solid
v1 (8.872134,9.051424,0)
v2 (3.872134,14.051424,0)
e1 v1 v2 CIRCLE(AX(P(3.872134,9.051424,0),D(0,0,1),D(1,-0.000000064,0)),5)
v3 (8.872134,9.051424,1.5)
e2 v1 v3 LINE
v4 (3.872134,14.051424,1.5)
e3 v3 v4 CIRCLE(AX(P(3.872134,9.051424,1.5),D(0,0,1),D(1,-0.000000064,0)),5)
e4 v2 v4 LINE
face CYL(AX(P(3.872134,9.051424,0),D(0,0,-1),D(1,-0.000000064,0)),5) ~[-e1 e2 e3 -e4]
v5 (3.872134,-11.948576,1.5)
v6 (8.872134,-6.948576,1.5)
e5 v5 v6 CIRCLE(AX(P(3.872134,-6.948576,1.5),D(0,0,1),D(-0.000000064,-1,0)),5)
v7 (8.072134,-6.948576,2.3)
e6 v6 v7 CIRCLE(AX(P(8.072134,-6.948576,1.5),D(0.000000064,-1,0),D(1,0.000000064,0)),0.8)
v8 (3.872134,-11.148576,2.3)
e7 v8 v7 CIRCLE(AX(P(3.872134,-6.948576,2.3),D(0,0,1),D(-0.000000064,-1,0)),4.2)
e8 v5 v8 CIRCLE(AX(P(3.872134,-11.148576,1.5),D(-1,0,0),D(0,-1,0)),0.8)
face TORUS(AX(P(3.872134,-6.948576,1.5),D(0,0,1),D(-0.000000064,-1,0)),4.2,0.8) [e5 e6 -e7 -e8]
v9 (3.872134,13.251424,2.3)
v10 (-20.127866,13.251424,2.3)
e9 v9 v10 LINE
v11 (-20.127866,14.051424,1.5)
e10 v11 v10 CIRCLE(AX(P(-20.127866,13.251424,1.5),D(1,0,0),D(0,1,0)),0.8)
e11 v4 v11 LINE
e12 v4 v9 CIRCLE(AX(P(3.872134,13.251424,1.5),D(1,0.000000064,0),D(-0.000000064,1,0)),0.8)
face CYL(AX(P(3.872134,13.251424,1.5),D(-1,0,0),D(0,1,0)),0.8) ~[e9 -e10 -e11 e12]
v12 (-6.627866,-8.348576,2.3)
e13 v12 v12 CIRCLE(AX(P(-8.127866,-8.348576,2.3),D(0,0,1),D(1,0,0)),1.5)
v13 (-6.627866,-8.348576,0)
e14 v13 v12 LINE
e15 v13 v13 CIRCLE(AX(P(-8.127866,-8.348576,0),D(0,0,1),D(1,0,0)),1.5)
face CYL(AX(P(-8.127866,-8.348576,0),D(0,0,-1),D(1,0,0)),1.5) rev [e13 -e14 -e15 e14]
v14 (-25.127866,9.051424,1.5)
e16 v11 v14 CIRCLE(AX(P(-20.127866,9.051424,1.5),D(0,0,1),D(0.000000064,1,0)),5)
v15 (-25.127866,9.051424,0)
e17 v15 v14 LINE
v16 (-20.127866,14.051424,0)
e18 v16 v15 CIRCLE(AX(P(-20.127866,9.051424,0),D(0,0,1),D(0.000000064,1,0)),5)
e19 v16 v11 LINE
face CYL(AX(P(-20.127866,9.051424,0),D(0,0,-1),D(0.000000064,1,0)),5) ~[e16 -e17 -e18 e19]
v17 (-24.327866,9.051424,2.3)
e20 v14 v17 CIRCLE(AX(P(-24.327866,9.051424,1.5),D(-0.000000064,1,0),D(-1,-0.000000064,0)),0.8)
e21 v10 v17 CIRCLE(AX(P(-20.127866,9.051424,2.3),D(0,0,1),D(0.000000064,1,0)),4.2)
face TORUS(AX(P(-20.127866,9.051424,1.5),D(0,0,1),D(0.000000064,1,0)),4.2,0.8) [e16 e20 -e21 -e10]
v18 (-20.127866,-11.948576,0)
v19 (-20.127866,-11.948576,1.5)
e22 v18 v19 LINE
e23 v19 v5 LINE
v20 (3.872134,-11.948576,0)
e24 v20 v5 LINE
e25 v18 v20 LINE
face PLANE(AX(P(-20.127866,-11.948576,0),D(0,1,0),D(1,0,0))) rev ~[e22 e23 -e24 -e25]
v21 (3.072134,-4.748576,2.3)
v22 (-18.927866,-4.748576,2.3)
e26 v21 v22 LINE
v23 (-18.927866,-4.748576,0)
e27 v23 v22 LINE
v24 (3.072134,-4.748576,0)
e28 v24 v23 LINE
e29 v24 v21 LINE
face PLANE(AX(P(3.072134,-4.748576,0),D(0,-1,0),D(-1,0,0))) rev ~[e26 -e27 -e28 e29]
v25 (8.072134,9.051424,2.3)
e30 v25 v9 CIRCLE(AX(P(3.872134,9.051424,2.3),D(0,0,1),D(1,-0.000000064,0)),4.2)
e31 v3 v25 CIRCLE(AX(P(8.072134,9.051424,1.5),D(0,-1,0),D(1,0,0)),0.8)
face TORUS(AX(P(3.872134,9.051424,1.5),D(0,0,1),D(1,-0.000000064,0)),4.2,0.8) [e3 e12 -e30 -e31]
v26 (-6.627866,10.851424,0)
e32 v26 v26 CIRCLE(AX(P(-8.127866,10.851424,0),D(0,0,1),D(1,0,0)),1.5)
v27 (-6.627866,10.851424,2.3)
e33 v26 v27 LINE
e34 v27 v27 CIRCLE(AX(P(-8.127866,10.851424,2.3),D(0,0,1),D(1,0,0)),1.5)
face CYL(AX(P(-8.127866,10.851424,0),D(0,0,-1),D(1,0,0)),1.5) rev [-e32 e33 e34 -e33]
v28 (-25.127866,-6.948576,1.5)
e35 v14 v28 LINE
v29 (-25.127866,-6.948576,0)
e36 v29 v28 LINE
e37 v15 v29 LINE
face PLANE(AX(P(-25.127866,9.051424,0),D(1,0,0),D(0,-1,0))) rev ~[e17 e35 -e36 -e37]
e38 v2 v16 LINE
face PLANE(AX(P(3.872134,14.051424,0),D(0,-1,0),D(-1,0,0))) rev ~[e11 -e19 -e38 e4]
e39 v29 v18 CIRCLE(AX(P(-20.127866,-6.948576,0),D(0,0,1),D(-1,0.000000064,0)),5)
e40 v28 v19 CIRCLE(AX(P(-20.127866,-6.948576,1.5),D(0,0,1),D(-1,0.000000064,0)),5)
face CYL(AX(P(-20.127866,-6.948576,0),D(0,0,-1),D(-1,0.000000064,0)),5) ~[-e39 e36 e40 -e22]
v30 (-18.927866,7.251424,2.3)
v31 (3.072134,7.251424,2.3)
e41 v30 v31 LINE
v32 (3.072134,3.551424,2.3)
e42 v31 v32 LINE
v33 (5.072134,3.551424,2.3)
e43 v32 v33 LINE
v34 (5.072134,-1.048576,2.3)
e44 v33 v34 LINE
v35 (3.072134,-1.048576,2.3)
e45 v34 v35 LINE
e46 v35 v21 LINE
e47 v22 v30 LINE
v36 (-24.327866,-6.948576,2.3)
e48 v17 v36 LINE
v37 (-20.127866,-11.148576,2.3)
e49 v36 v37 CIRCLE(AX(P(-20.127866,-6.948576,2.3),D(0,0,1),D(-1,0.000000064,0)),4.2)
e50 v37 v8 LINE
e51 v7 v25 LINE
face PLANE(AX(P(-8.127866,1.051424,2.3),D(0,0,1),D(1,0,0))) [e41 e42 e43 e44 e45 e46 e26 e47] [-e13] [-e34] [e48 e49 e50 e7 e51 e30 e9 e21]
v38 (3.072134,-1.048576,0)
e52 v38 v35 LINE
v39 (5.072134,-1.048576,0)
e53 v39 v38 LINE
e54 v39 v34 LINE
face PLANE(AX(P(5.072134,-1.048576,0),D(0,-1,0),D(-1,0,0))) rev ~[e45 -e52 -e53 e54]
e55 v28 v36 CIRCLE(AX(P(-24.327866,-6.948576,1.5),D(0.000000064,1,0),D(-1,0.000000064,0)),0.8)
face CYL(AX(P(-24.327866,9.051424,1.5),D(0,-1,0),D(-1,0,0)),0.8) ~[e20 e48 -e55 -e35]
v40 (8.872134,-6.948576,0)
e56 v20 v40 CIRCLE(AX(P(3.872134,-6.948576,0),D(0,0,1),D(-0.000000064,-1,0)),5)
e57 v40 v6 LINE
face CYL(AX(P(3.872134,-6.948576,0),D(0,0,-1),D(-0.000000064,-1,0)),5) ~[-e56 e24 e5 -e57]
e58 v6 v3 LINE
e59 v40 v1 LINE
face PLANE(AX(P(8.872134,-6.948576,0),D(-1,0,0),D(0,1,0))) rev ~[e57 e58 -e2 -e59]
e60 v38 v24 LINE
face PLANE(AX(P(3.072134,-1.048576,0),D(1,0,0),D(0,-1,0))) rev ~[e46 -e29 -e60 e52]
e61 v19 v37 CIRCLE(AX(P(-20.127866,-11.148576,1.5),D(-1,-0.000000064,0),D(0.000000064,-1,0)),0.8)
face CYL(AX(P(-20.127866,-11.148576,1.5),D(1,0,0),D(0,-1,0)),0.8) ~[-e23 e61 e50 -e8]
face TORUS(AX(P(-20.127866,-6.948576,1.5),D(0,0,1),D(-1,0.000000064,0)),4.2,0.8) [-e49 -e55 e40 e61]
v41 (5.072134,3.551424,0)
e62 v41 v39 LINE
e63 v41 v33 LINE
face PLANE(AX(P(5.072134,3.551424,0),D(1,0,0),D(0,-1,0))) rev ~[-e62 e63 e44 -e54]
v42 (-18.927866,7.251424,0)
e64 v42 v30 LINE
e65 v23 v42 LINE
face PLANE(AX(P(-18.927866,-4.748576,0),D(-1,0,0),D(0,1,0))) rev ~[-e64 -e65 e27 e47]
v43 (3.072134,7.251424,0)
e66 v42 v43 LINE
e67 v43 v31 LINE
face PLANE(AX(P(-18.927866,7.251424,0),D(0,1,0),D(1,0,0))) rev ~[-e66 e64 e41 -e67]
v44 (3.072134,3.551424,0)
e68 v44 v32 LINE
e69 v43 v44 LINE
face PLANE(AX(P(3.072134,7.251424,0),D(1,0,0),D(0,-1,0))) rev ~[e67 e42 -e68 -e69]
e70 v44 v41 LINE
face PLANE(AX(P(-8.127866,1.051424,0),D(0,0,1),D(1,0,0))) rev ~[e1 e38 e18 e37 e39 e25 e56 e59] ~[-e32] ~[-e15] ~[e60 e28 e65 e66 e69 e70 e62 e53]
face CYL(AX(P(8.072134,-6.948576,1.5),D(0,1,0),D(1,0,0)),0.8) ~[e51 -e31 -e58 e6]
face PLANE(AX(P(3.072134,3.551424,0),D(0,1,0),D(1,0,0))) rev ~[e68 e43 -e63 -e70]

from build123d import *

# Parameters (mm, degrees)
F0_R     = 1.5
F1_DEPTH = 2.3
F2_R     = 0.8


with BuildPart() as f1:
    # F0 (on Top) → F1 (new body)
    with BuildSketch(Plane.XY):
        with BuildLine():
            Line((3.872134, 14.051424), (-20.127866, 14.051424))
            ThreePointArc((-20.127866, 14.051424), (-23.6634, 12.586958), (-25.127866, 9.051424))
            Line((-25.127866, 9.051424), (-25.127866, -6.948576))
            ThreePointArc((-25.127866, -6.948576), (-23.6634, -10.48411), (-20.127866, -11.948576))
            Line((-20.127866, -11.948576), (3.872134, -11.948576))
            ThreePointArc((3.872134, -11.948576), (7.407668, -10.48411), (8.872134, -6.948576))
            Line((8.872134, -6.948576), (8.872134, 9.051424))
            ThreePointArc((8.872134, 9.051424), (7.407668, 12.586958), (3.872134, 14.051424))
        make_face()
        with Locations((-8.127866, -8.348576)):
            Circle(F0_R, mode=Mode.SUBTRACT)
        with Locations((-8.127866, 10.851424)):
            Circle(F0_R, mode=Mode.SUBTRACT)
        Polygon((3.072134, -4.748576), (-18.927866, -4.748576), (-18.927866, 7.251424), (3.072134, 7.251424), (3.072134, 3.551424), (5.072134, 3.551424), (5.072134, 1.251424), (5.072134, -1.048576), (3.072134, -1.048576), align=None, mode=Mode.SUBTRACT)
    extrude(amount=F1_DEPTH)

    # F2
    f2_edges = [f1.edges().sort_by_distance(p)[0] for p in [
        (-23.6634, -10.48411, 2.3),
    ]]
    fillet(f2_edges, radius=F2_R)


solid = f1.part
